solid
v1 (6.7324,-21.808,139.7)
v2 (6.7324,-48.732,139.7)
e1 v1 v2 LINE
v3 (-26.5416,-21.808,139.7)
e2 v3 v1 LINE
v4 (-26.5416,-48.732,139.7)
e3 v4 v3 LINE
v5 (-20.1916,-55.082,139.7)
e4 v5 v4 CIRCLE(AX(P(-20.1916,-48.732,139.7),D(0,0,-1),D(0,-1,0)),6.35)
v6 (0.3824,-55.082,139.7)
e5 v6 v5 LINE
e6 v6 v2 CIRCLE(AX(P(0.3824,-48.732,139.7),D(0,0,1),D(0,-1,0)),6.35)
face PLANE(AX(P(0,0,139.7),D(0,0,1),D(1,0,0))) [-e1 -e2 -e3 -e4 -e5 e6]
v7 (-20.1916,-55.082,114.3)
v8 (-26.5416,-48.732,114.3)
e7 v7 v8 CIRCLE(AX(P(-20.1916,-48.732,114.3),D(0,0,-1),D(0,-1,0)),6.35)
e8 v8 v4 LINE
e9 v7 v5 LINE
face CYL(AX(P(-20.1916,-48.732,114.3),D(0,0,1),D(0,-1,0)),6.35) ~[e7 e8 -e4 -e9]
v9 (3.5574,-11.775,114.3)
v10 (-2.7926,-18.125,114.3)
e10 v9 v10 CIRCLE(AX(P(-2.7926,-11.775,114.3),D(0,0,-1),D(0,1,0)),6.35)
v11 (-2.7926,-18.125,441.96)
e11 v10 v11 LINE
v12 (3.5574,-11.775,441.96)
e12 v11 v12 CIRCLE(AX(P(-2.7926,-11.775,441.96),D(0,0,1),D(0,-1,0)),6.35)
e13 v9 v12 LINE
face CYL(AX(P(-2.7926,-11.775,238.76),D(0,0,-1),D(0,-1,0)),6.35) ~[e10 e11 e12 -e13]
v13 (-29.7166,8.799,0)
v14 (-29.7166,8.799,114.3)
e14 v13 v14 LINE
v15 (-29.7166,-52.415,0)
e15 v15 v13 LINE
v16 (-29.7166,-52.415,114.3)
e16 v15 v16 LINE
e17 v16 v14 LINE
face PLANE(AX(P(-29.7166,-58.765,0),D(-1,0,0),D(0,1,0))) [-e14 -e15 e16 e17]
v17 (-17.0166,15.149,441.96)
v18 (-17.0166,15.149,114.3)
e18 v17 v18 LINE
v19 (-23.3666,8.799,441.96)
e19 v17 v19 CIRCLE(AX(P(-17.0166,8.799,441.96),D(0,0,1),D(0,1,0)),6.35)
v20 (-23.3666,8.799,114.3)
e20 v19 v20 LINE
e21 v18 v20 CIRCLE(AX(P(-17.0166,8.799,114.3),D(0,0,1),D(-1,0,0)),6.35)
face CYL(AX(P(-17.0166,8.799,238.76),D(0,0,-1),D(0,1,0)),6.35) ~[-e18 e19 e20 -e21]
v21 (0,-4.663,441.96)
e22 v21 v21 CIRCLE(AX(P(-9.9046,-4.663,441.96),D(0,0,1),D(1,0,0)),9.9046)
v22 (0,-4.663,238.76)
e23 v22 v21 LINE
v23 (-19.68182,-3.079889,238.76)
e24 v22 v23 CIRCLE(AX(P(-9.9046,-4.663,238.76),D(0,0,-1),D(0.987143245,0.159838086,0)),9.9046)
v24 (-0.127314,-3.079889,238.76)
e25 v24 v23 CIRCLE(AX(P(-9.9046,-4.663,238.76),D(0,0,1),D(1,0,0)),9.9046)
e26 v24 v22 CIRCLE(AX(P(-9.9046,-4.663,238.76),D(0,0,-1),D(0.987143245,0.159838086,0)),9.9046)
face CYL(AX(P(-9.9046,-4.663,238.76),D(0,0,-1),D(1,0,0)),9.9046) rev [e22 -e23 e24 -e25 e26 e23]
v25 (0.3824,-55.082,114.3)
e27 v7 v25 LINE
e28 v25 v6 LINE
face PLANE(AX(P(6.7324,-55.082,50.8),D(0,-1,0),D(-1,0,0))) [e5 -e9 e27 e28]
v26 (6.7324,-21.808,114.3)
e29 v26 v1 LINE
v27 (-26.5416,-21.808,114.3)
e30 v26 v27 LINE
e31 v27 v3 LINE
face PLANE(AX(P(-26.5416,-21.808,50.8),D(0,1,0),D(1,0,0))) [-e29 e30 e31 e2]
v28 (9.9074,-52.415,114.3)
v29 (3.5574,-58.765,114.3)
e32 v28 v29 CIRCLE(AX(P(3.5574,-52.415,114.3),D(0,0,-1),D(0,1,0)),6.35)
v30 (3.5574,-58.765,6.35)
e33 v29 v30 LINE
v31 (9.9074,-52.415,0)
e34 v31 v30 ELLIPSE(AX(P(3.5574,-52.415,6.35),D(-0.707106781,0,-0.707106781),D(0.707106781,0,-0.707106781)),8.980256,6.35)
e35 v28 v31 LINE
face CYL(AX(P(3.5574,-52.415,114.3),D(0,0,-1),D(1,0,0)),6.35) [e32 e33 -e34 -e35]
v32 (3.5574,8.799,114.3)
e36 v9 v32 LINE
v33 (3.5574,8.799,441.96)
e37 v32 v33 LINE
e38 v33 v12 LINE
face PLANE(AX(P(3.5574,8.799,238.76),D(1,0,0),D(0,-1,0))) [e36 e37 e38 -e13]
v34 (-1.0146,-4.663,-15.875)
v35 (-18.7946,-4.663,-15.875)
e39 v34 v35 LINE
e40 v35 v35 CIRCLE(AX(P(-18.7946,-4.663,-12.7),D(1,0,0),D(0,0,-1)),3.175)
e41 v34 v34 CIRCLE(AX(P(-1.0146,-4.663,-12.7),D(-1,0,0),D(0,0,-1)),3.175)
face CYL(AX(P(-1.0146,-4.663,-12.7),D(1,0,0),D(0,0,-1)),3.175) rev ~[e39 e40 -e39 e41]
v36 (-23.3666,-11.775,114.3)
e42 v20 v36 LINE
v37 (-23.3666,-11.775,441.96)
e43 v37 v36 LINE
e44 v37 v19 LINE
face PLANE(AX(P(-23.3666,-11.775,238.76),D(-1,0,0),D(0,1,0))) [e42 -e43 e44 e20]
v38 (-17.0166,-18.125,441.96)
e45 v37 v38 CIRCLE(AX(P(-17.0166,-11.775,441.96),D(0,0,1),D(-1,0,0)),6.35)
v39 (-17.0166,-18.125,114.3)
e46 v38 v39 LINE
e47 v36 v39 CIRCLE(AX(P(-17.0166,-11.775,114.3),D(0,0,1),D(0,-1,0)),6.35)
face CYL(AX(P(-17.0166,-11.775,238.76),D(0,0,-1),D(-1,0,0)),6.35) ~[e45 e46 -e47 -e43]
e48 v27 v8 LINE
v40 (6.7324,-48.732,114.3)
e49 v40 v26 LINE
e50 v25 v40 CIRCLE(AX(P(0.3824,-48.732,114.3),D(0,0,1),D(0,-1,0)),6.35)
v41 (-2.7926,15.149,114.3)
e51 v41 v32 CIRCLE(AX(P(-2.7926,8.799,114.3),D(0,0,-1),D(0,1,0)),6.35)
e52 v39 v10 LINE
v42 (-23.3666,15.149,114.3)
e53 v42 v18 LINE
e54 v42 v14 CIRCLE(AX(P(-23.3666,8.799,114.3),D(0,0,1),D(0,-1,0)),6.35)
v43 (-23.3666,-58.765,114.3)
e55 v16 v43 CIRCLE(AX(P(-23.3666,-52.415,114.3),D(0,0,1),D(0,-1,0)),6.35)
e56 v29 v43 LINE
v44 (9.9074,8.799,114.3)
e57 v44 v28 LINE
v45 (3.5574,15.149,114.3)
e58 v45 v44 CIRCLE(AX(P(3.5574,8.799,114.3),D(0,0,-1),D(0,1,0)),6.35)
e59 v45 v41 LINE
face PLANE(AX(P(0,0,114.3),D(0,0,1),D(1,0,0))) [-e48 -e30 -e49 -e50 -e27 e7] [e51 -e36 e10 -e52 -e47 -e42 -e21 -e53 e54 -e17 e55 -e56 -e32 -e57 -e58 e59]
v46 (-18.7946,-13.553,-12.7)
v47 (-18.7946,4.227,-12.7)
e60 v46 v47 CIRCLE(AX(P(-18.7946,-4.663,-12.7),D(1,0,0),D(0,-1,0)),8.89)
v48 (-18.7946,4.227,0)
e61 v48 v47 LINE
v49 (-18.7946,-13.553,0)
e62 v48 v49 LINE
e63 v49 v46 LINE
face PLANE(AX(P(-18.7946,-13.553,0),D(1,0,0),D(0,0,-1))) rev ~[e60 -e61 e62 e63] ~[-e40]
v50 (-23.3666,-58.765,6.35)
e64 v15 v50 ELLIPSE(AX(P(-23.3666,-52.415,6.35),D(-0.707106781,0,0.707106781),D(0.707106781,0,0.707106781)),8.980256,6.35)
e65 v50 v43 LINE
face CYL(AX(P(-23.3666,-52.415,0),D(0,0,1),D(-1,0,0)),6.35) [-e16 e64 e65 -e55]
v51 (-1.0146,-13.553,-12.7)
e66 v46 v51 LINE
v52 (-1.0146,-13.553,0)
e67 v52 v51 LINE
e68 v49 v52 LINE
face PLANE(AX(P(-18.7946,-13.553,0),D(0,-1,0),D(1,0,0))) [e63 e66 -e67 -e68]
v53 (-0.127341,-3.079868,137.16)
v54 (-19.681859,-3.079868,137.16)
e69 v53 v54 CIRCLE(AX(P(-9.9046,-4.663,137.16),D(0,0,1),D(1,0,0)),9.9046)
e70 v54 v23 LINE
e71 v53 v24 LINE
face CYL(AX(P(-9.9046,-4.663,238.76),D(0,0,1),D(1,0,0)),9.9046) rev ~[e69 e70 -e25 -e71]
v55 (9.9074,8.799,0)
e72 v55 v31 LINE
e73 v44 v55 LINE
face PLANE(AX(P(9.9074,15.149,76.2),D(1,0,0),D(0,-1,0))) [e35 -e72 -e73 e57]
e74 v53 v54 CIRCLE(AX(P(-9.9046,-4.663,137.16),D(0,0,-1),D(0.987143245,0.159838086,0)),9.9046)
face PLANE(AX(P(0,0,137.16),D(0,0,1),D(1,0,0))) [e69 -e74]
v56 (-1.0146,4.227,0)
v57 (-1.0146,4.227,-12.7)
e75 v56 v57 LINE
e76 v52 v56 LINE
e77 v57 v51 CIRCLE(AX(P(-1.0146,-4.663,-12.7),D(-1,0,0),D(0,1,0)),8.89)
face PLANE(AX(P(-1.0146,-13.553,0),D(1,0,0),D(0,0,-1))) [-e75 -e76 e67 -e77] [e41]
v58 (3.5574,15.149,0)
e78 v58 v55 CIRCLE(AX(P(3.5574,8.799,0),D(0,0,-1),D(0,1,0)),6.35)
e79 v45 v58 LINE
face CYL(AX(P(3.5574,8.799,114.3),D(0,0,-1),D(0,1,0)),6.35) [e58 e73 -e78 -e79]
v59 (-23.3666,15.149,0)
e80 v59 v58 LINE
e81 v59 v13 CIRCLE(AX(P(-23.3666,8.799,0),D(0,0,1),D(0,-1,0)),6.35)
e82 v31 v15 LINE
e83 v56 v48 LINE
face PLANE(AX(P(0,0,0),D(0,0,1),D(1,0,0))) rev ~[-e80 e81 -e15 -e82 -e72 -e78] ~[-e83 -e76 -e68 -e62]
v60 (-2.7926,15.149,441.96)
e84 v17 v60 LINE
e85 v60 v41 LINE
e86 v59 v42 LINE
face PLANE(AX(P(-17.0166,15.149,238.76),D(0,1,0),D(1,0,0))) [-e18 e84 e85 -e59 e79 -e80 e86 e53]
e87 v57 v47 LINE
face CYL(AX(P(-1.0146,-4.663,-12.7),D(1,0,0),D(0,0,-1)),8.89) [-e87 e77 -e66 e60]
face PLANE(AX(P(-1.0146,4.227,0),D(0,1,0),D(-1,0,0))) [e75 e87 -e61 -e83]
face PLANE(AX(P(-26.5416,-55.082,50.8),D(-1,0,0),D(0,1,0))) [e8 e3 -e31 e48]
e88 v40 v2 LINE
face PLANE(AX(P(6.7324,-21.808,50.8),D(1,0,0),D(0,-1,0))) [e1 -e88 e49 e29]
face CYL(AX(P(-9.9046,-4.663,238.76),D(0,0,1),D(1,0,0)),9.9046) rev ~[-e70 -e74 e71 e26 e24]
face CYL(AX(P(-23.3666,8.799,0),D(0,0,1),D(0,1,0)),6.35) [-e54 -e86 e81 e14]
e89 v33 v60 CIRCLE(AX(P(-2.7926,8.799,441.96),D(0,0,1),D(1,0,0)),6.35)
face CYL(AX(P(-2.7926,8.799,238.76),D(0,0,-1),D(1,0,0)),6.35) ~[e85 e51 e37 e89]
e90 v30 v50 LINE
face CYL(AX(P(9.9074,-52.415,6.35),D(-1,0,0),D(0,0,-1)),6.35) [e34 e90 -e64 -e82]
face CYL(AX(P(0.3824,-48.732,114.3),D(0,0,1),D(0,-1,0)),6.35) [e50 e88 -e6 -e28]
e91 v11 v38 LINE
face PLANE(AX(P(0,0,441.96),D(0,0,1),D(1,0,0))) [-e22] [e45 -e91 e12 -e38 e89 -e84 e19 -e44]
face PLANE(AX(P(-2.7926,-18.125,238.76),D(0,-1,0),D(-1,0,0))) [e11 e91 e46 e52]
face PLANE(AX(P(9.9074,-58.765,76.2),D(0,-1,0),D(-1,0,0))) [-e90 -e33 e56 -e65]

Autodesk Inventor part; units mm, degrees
ref_plane "YZ Plane" through (0, 0, 0) normal (1, 0, 0) x (0, 1, 0)
ref_plane "XZ Plane" through (0, 0, 0) normal (0, 1, 0) x (-1, 0, 0)
ref_plane "XY Plane" through (0, 0, 0) normal (0, 0, 1) x (1, 0, 0)
sketch "Sketch1" plane through (0, 0, 0) normal (0, 0, 1) x (1, 0, 0)
  line L0 (-29.7166, 15.149) -> (9.9074, 15.149)
  line L1 (9.9074, 15.149) -> (9.9074, -58.765)
  line L2 (9.9074, -58.765) -> (-29.7166, -58.765)
  line L3 (-29.7166, -58.765) -> (-29.7166, 15.149)
  point P0 (0, 0)
  dimension "d0" = 39.624
  dimension "d1" = 73.914
extrude "Extrusion1" add sketch "Sketch1" along normal blind 76.2
sketch "Sketch2" plane through (0, 0, 76.2) normal (0, 0, 1) x (1, 0, 0)
  line L0 (9.9074, 15.149) -> (9.9074, -58.765) projected
  line L1 (-29.7166, 15.149) -> (9.9074, 15.149)
  line L2 (9.9074, 15.149) -> (9.9074, -24.475)
  line L3 (9.9074, -24.475) -> (-29.7166, -24.475)
  line L4 (-29.7166, -24.475) -> (-29.7166, 15.149)
  line L5 (-29.7166, -24.475) -> (-23.3666, -24.475)
  line L6 (-23.3666, -24.475) -> (-23.3666, -18.125)
  line L7 (-23.3666, -18.125) -> (-29.7166, -18.125)
  line L8 (-29.7166, -18.125) -> (-29.7166, -24.475)
  line L9 (-23.3666, -18.125) -> (3.5574, -18.125)
  line L10 (3.5574, -18.125) -> (3.5574, 15.149)
  line L11 (3.5574, 15.149) -> (-23.3666, 15.149)
  line L12 (-23.3666, 15.149) -> (-23.3666, -18.125)
  point P0 (0, 0)
  dimension "d4" = 39.624
  dimension "d5" = 6.35
  dimension "d6" = 6.35
  dimension "d7" = 26.924
extrude "Extrusion2" add sketch "Sketch2" along normal blind 162.56 contours L10 L9 L12 L1
sketch "Sketch3" plane through (0, 0, 238.76) normal (0, 0, 1) x (1, 0, 0)
  line L0 (-23.3666, 15.149) -> (3.5574, -18.125)
  line L1 (3.5574, 15.149) -> (-23.3666, -18.125)
  circle A0 centre (-9.9046, -1.488) radius 9.906
  point P0 (0, 0)
  dimension "d10" = 19.812
extrude "Extrusion3" cut sketch "Sketch3" against normal blind 203.2
sketch "Sketch4" plane through (0, 0, 76.2) normal (0, 0, 1) x (1, 0, 0)
  line L0 (3.5574, 15.149) -> (3.5574, -18.125) projected
  line L1 (3.5574, -18.125) -> (-23.3666, -18.125) projected
  line L2 (-23.3666, -18.125) -> (-23.3666, 15.149) projected
  line L3 (-29.7166, 15.149) -> (-23.3666, 15.149) projected
  line L4 (-29.7166, -58.765) -> (-29.7166, 15.149) projected
  line L5 (9.9074, -58.765) -> (-29.7166, -58.765) projected
  line L6 (9.9074, 15.149) -> (9.9074, -58.765) projected
  line L7 (3.5574, 15.149) -> (9.9074, 15.149) projected
  point P0 (0, 0)
extrude "Extrusion4" cut sketch "Sketch4" against normal blind 25.4
sketch "Sketch5" plane through (0, 0, 50.8) normal (0, 0, 1) x (1, 0, 0)
  line L0 (-26.5416, -21.808) -> (6.7324, -21.808)
  line L1 (6.7324, -21.808) -> (6.7324, -55.082)
  line L2 (6.7324, -55.082) -> (-26.5416, -55.082)
  line L3 (-26.5416, -55.082) -> (-26.5416, -21.808)
  point P0 (0, 0)
  dimension "d15" = 33.274
extrude "Extrusion5" add sketch "Sketch5" along normal blind 88.9
sketch "Sketch6" plane through (0, 0, 50.8) normal (0, 0, 1) x (1, 0, 0)
  line L0 (6.7324, -21.808) -> (6.7324, -55.082) projected
  line L1 (6.7324, -55.082) -> (-26.5416, -55.082) projected
  line L2 (-26.5416, -55.082) -> (-26.5416, -21.808) projected
  line L3 (-26.5416, -21.808) -> (6.7324, -21.808) projected
  line L4 (3.5574, -18.125) -> (-23.3666, -18.125) projected
  line L5 (-23.3666, -18.125) -> (-23.3666, 15.149) projected
  line L6 (-29.7166, 15.149) -> (-23.3666, 15.149) projected
  line L7 (-29.7166, -58.765) -> (-29.7166, 15.149) projected
  line L8 (9.9074, -58.765) -> (-29.7166, -58.765) projected
  line L9 (9.9074, 15.149) -> (9.9074, -58.765) projected
  line L10 (3.5574, 15.149) -> (9.9074, 15.149) projected
  line L11 (3.5574, 15.149) -> (3.5574, -18.125) projected
  point P0 (0, 0)
extrude "Extrusion6" add sketch "Sketch6" along normal blind 25.4
sketch "Sketch7" plane through (0, 0, 0) normal (0, 0, -1) x (-1, 0, 0)
  line L0 (-9.9074, 15.149) -> (-9.9074, -58.765) projected
  line L1 (29.7166, -58.765) -> (29.7166, 15.149) projected
  line L2 (-9.9074, 15.149) -> (29.7166, -24.475)
  line L3 (-9.9074, 15.149) -> (46.1294, 15.149) construction
  line L4 (29.7166, 15.149) -> (-9.9074, -24.475)
  line L5 (1.0146, 4.227) -> (18.7946, 4.227)
  line L6 (1.0146, 4.227) -> (18.7946, 4.227)
  line L7 (18.7946, 4.227) -> (18.7946, -13.553)
  line L8 (18.7946, -13.553) -> (1.0146, -13.553)
  line L9 (1.0146, -13.553) -> (1.0146, 4.227)
  point P0 (0, 0)
  dimension "d20" = 45
  dimension "d21" = 17.78
extrude "Extrusion7" add sketch "Sketch7" along normal blind 12.7 contours L5 L4 L2 | L2 L4 L9 | L4 L2 L8 | L4 L7 L2
sketch "Sketch8" plane through (-18.7946, -13.553, 0) normal (-1, 0, 0) x (0, 0, 1)
  line L0 (-12.7, 17.78) -> (-12.7, 0) projected
  circle A0 centre (-12.7, 8.89) radius 3.175
  point P0 (0, 13.553)
  dimension "d24" = 6.35
extrude "Extrusion8" cut sketch "Sketch8" against normal blind 25.4
sketch "Sketch9" plane through (-1.0146, -13.553, 0) normal (1, 0, 0) x (0, 0, -1)
  arc A0 (12.7, 12.065) -> (12.7, 5.715) centre (12.7, 8.89) ccw projected
  circle A1 centre (12.7, 8.89) radius 3.175
  circle A2 centre (12.7, 8.89) radius 8.89
  point P0 (0, 13.553)
extrude "Extrusion9" add sketch "Sketch9" against normal blind 17.78
sketch "Sketch10" plane through (0, 0, 76.2) normal (0, 0, 1) x (1, 0, 0)
  line L0 (-26.5416, -55.082) -> (6.7324, -55.082) projected
  line L1 (-26.5416, -21.808) -> (-26.5416, -55.082) projected
  line L2 (6.7324, -21.808) -> (-26.5416, -21.808) projected
  line L3 (6.7324, -55.082) -> (6.7324, -21.808) projected
  line L4 (3.5574, -18.125) -> (3.5574, 15.149) projected
  line L5 (-23.3666, -18.125) -> (3.5574, -18.125) projected
  line L6 (-23.3666, 15.149) -> (-23.3666, -18.125) projected
  line L7 (-29.7166, 15.149) -> (-23.3666, 15.149) projected
  line L8 (-29.7166, -58.765) -> (-29.7166, 15.149) projected
  line L9 (9.9074, -58.765) -> (-29.7166, -58.765) projected
  line L10 (9.9074, 15.149) -> (9.9074, -58.765) projected
  line L11 (3.5574, 15.149) -> (9.9074, 15.149) projected
  point P0 (0, 0)
extrude "Extrusion10" add sketch "Sketch10" along normal blind 38.1
fillet "Fillet1" radius 6.35 11 edges at (9.9074, 15.149, 57.15) (-29.7166, 15.149, 57.15) (9.9074, -58.765, 57.15) (-29.7166, -58.765, 57.15) (-26.5416, -55.082, 127) (6.7324, -55.082, 127) (-9.9046, -58.765, 0) (-23.3666, 15.149, 176.53) (3.5574, 15.149, 176.53) (-23.3666, -18.125, 176.53) (3.5574, -18.125, 176.53)
sketch "Sketch11" plane through (0, 0, 238.76) normal (0, 0, 1) x (1, 0, 0)
  line L0 (-17.0166, 15.149) -> (-2.7926, 15.149) projected
  line L1 (-2.7926, -18.125) -> (-17.0166, -18.125) projected
  line L2 (-9.9046, 15.149) -> (-9.9046, -4.663)
  circle A0 centre (-9.9046, -4.663) radius 9.9046
  point P0 (0, 0)
  dimension "d32" = 19.812
extrude "Extrusion11" cut sketch "Sketch11" against normal blind 101.6
sketch "Sketch12" plane through (0, 0, 238.76) normal (0, 0, 1) x (1, 0, 0)
  arc A0 (-19.6818, -3.0799) -> (-0.1273, -3.0799) centre (-9.9046, -4.663) ccw projected
  arc A1 (-0.1273, -3.0799) -> (-19.6818, -3.0799) centre (-9.9046, -1.488) ccw projected
  circle A2 centre (-9.9046, -1.488) radius 9.906
  circle A3 centre (-9.9046, -4.663) radius 9.9046
  point P0 (0, 0)
extrude "Extrusion12" add sketch "Sketch12" against normal blind 228.6 contours A3 A2 | A1 A3
sketch "Sketch13" plane through (0, 0, 238.76) normal (0, 0, 1) x (1, 0, 0)
  arc A0 (-19.6818, -3.0799) -> (-0.1273, -3.0799) centre (-9.9046, -4.663) ccw projected
  arc A1 (-19.6818, -3.0799) -> (-0.1273, -3.0799) centre (-9.9046, -1.488) ccw projected
  circle A2 centre (-9.9046, -4.663) radius 9.9046
  point P0 (0, 0)
extrude "Extrusion13" cut sketch "Sketch13" against normal blind 101.6 contours A2 A1
sketch "Sketch14" plane through (0, 0, 238.76) normal (0, 0, 1) x (1, 0, 0)
  circle A0 centre (-9.9046, -4.663) radius 9.9046 projected
  arc A1 (-2.7926, -18.125) -> (3.5574, -11.775) centre (-2.7926, -11.775) ccw projected
  line L0 (3.5574, 8.799) -> (3.5574, -11.775) projected
  arc A2 (3.5574, 8.799) -> (-2.7926, 15.149) centre (-2.7926, 8.799) ccw projected
  line L1 (-17.0166, 15.149) -> (-2.7926, 15.149) projected
  arc A3 (-17.0166, 15.149) -> (-23.3666, 8.799) centre (-17.0166, 8.799) ccw projected
  line L2 (-23.3666, -11.775) -> (-23.3666, 8.799) projected
  arc A4 (-23.3666, -11.775) -> (-17.0166, -18.125) centre (-17.0166, -11.775) ccw projected
  line L3 (-2.7926, -18.125) -> (-17.0166, -18.125) projected
  point P0 (0, 0)
extrude "Extrusion14" add sketch "Sketch14" along normal blind 203.2
properties part number "linac body 12in"
